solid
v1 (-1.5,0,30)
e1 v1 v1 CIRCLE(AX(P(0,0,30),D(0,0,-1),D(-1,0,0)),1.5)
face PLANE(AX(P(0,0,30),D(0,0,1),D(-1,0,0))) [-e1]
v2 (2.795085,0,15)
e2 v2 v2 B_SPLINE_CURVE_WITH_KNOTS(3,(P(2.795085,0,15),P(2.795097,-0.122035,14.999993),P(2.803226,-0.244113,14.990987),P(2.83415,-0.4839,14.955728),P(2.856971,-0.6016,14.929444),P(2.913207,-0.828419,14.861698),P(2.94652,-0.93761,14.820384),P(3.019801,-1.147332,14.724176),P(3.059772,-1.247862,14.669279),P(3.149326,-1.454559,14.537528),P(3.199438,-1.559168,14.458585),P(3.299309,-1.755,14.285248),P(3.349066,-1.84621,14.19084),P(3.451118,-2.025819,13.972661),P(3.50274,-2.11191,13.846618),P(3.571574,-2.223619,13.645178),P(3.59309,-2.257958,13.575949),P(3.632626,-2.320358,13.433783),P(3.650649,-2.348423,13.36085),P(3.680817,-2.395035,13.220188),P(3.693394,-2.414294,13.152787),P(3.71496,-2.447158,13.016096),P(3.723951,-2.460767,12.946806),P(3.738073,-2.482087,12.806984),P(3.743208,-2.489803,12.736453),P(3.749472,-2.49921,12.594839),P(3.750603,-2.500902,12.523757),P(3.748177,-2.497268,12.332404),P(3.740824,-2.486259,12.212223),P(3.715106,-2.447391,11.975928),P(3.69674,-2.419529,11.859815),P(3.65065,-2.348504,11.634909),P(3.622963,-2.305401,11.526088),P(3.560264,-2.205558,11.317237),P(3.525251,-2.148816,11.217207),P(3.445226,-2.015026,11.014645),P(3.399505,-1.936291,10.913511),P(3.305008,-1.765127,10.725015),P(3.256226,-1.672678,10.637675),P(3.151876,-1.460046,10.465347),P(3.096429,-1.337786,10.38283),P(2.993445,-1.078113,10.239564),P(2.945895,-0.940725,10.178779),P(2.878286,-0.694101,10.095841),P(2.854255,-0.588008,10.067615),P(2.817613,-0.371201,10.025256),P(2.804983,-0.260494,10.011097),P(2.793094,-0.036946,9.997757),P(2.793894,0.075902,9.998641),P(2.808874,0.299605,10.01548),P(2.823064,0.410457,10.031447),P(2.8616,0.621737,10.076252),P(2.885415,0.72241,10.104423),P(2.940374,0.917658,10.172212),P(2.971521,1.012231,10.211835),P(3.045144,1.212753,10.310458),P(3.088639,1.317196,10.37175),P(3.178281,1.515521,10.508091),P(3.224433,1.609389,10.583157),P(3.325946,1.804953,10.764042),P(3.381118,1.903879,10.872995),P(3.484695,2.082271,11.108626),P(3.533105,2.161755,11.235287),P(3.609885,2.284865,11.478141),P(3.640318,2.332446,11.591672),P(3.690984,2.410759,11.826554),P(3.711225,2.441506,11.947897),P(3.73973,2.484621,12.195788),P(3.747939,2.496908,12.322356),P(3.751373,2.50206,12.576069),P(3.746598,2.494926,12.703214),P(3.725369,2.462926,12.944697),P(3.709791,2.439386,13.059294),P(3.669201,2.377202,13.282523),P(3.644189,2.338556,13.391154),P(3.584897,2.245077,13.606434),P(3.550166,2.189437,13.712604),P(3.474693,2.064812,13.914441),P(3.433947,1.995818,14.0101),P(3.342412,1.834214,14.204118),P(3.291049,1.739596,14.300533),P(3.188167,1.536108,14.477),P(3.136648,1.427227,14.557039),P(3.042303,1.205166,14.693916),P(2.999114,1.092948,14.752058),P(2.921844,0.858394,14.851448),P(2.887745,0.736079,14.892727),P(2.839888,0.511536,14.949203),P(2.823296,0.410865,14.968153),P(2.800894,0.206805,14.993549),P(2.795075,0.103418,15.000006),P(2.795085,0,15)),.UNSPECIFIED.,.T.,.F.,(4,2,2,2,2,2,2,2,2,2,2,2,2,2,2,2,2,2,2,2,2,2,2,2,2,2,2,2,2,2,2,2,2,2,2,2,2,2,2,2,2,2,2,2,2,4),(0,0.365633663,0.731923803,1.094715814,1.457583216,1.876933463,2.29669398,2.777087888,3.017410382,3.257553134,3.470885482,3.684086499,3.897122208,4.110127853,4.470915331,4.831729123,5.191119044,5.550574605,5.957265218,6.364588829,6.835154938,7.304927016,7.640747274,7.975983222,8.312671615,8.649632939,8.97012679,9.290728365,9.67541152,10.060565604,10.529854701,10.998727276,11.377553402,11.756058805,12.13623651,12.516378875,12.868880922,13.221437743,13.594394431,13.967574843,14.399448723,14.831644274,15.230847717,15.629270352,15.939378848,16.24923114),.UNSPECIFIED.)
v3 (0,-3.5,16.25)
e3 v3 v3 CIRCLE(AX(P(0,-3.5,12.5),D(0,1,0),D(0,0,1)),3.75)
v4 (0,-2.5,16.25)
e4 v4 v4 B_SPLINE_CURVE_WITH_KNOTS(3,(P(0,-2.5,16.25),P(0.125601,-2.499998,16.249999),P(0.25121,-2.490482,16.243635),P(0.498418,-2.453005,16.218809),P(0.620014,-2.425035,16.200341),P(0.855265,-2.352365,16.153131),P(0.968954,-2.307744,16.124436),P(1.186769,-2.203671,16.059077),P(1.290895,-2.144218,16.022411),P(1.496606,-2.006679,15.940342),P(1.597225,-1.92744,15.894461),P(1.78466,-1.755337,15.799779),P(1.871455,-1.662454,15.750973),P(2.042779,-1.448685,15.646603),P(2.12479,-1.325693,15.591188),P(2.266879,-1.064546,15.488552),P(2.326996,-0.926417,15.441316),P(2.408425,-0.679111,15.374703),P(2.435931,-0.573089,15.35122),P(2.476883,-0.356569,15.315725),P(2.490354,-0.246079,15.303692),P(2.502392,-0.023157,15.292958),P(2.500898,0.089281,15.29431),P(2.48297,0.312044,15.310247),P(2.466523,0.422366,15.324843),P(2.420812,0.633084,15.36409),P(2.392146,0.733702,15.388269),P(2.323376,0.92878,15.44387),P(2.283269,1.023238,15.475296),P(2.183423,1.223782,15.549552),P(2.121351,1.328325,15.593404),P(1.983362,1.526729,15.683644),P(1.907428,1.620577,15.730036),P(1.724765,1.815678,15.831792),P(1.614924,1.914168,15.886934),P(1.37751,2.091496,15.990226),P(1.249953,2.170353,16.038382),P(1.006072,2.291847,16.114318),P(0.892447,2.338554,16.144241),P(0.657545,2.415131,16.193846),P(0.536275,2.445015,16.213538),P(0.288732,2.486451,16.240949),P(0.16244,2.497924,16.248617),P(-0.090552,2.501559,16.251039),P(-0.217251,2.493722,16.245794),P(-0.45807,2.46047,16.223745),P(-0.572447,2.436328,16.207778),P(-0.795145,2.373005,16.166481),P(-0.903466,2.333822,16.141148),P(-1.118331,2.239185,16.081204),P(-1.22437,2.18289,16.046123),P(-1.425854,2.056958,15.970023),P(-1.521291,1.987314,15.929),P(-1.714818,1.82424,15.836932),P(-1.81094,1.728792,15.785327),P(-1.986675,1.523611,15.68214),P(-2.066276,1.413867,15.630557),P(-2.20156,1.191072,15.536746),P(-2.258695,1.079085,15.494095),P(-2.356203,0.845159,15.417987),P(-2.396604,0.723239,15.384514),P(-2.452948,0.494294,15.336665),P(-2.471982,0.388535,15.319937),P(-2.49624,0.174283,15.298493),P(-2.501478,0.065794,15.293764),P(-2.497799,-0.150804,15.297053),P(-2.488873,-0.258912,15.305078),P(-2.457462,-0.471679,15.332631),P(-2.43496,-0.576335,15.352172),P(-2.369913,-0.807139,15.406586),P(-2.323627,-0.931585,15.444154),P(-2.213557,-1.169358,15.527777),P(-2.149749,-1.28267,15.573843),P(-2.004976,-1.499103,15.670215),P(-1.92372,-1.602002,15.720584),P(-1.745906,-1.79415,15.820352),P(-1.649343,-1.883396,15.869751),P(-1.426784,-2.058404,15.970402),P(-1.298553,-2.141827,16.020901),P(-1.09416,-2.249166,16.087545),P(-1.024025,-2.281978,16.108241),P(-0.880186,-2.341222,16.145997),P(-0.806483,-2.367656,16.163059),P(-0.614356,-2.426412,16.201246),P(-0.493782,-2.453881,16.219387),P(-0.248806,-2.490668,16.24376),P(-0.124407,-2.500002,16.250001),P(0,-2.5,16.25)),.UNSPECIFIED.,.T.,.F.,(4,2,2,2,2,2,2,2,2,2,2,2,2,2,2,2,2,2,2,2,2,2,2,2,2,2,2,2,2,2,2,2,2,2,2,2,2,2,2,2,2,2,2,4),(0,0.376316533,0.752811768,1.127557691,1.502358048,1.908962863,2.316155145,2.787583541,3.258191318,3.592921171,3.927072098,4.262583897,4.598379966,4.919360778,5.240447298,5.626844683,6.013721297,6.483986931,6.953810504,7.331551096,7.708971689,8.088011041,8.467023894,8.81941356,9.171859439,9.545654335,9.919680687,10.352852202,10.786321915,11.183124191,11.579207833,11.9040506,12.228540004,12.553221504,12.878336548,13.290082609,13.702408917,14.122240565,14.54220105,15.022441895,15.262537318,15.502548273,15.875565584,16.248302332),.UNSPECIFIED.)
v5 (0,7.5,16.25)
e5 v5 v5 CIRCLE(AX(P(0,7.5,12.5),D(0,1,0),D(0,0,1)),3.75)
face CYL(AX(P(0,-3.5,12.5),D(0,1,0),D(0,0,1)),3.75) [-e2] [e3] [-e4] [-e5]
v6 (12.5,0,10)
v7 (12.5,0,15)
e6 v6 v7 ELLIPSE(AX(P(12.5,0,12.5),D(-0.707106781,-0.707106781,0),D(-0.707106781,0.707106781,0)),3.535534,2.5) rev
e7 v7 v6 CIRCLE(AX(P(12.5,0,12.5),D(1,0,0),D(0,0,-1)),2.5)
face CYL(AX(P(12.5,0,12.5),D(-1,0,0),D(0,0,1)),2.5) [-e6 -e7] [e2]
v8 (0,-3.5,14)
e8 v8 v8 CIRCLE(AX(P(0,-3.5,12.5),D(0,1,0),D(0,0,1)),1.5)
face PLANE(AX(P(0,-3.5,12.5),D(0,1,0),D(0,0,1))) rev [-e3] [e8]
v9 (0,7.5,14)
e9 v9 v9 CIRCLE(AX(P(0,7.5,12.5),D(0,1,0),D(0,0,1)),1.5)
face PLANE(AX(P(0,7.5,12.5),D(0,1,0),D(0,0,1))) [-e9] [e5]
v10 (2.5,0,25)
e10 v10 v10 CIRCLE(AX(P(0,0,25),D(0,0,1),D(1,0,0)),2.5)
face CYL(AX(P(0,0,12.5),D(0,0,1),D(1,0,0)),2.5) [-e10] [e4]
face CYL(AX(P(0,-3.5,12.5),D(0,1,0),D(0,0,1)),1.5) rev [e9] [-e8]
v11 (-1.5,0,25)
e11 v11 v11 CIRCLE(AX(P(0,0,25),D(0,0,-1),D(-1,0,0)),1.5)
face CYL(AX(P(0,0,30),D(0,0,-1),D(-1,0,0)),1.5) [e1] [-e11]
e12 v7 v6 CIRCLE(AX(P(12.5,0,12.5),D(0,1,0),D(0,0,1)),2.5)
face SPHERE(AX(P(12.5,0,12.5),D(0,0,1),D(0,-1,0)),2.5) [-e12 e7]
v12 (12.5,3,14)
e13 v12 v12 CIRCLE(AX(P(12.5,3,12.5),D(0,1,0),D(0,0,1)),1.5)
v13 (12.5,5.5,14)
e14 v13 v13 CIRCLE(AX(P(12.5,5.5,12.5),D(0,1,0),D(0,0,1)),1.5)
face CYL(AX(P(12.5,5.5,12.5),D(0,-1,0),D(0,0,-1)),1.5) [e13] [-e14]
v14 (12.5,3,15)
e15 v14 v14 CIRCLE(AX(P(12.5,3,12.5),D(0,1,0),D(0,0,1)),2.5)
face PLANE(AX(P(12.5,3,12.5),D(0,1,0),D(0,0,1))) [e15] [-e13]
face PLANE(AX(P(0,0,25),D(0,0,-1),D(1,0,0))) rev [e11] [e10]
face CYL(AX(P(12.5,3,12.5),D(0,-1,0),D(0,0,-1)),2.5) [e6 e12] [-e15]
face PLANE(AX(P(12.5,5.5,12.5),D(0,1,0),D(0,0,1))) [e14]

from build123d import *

# Parameters (mm, degrees)
SKETCH1_R                = 2.5
BOSS_EXTRUDE1_DEPTH      = 12.5
SKETCH2_R                = 1.5
BOSS_EXTRUDE2_DEPTH      = 5
SKETCH4_R                = 2.5
BOSS_EXTRUDE3_DEPTH      = 12.5
SKETCH5_R                = 2.5
BOSS_EXTRUDE4_DEPTH      = 3
SKETCH6_R                = 1.5
BOSS_EXTRUDE5_DEPTH      = 2.5
REVOLVE2_ANGLE           = 90
REVOLVE3_ANGLE           = 90
SKETCH18_R               = 3.75
BOSS_EXTRUDE6_DEPTH      = 7.5
BOSS_EXTRUDE6_DEPTH_BACK = 3.5
SKETCH20_R               = 1.5
CUT_EXTRUDE2_DEPTH       = 1.0000001
CUT_EXTRUDE2_DEPTH_BACK  = 12.0000001
CUT_EXTRUDE3_DEPTH       = 1.0000001
CUT_EXTRUDE3_DEPTH_BACK  = 12.0000001


with BuildPart() as part:
    # Sketch1 → Boss-Extrude1 (new body)
    with BuildSketch(Plane.XY):
        Circle(SKETCH1_R)
    boss_extrude1 = extrude(amount=BOSS_EXTRUDE1_DEPTH)

    # Sketch2 → Boss-Extrude2 (add)
    with BuildSketch(Plane(origin=(0, 0, 0), x_dir=(-1, 0, 0), z_dir=(0, 0, -1))):
        Circle(SKETCH2_R)
    boss_extrude2 = extrude(amount=BOSS_EXTRUDE2_DEPTH)

    # Sketch4 → Boss-Extrude3 (add)
    with BuildSketch(Plane(origin=(0, 0, 0), x_dir=(0, 0, -1), z_dir=(1, 0, 0))):
        with Locations((-12.5, 0)):
            Circle(SKETCH4_R)
    extrude(amount=BOSS_EXTRUDE3_DEPTH)

    # Sketch5 → Boss-Extrude4 (add)
    with BuildSketch(Plane(origin=(0, 0, 0), x_dir=(1, 0, 0), z_dir=(0, 1, 0))):
        with Locations((12.5, -12.5)):
            Circle(SKETCH5_R)
    extrude(amount=BOSS_EXTRUDE4_DEPTH)

    # Sketch6 → Boss-Extrude5 (add)
    with BuildSketch(Plane(origin=(0, 3, 0), x_dir=(1, 0, 0), z_dir=(0, 1, 0))):
        with Locations((12.5, -12.5)):
            Circle(SKETCH6_R)
    extrude(amount=BOSS_EXTRUDE5_DEPTH)

    # Sketch8 → Revolve2 (revolve)
    with BuildSketch(Plane.ZY):
        with BuildLine():
            Line((12.5, 2.5), (12.5, -2.5))
            ThreePointArc((12.5, -2.5), (15, 0), (12.5, 2.5))
        make_face()
    revolve(axis=Axis((0, 2.5, 12.5), (0, -1, 0)), revolution_arc=REVOLVE2_ANGLE)

    # Sketch16 → Revolve3 (revolve)
    with BuildSketch(Plane.XZ):
        with BuildLine():
            Line((12.5, 15), (12.5, 10))
            ThreePointArc((12.5, 10), (15, 12.5), (12.5, 15))
        make_face()
    revolve(axis=Axis((12.5, 0, 15), (0, 0, -1)), revolution_arc=REVOLVE3_ANGLE)

    # Sketch18 → Boss-Extrude6 (add, two sides)
    with BuildSketch(Plane(origin=(0, 0, 0), x_dir=(1, 0, 0), z_dir=(0, 1, 0))) as boss_extrude6_sk:
        with Locations((0, -12.5)):
            Circle(SKETCH18_R)
    extrude(amount=BOSS_EXTRUDE6_DEPTH)
    extrude(boss_extrude6_sk.sketch, amount=-BOSS_EXTRUDE6_DEPTH_BACK)

    # Mirror1: Boss-Extrude1, Boss-Extrude2 across plane
    add(boss_extrude1.mirror(Plane.XY.offset(12.5)))
    add(boss_extrude2.mirror(Plane.XY.offset(12.5)))

    # Sketch20 → Cut-Extrude2 (cut, two sides)
    with BuildSketch(Plane(origin=(0, 7.5, 0), x_dir=(1, 0, 0), z_dir=(0, 1, 0))) as cut_extrude2_sk:
        with Locations((0, -12.5)):
            Circle(SKETCH20_R)
    extrude(amount=CUT_EXTRUDE2_DEPTH, mode=Mode.SUBTRACT)
    extrude(cut_extrude2_sk.sketch, amount=-CUT_EXTRUDE2_DEPTH_BACK, mode=Mode.SUBTRACT)

    # Sketch21 → Cut-Extrude3 (cut, two sides)
    with BuildSketch(Plane(origin=(0, 7.5, 0), x_dir=(1, 0, 0), z_dir=(0, 1, 0))) as cut_extrude3_sk:
        with BuildLine():
            Line((2.653299832, -9.85), (12.281852951, 10.075018896))
            Line((12.281852951, 10.075018896), (-12.7945827, 9.436331987))
            Line((-12.7945827, 9.436331987), (-2.653299832, -9.85))
            ThreePointArc((-2.653299832, -9.85), (0, -8.75), (2.653299832, -9.85))
        make_face()
    extrude(amount=CUT_EXTRUDE3_DEPTH, mode=Mode.SUBTRACT)
    extrude(cut_extrude3_sk.sketch, amount=-CUT_EXTRUDE3_DEPTH_BACK, mode=Mode.SUBTRACT)


solid = part.part
